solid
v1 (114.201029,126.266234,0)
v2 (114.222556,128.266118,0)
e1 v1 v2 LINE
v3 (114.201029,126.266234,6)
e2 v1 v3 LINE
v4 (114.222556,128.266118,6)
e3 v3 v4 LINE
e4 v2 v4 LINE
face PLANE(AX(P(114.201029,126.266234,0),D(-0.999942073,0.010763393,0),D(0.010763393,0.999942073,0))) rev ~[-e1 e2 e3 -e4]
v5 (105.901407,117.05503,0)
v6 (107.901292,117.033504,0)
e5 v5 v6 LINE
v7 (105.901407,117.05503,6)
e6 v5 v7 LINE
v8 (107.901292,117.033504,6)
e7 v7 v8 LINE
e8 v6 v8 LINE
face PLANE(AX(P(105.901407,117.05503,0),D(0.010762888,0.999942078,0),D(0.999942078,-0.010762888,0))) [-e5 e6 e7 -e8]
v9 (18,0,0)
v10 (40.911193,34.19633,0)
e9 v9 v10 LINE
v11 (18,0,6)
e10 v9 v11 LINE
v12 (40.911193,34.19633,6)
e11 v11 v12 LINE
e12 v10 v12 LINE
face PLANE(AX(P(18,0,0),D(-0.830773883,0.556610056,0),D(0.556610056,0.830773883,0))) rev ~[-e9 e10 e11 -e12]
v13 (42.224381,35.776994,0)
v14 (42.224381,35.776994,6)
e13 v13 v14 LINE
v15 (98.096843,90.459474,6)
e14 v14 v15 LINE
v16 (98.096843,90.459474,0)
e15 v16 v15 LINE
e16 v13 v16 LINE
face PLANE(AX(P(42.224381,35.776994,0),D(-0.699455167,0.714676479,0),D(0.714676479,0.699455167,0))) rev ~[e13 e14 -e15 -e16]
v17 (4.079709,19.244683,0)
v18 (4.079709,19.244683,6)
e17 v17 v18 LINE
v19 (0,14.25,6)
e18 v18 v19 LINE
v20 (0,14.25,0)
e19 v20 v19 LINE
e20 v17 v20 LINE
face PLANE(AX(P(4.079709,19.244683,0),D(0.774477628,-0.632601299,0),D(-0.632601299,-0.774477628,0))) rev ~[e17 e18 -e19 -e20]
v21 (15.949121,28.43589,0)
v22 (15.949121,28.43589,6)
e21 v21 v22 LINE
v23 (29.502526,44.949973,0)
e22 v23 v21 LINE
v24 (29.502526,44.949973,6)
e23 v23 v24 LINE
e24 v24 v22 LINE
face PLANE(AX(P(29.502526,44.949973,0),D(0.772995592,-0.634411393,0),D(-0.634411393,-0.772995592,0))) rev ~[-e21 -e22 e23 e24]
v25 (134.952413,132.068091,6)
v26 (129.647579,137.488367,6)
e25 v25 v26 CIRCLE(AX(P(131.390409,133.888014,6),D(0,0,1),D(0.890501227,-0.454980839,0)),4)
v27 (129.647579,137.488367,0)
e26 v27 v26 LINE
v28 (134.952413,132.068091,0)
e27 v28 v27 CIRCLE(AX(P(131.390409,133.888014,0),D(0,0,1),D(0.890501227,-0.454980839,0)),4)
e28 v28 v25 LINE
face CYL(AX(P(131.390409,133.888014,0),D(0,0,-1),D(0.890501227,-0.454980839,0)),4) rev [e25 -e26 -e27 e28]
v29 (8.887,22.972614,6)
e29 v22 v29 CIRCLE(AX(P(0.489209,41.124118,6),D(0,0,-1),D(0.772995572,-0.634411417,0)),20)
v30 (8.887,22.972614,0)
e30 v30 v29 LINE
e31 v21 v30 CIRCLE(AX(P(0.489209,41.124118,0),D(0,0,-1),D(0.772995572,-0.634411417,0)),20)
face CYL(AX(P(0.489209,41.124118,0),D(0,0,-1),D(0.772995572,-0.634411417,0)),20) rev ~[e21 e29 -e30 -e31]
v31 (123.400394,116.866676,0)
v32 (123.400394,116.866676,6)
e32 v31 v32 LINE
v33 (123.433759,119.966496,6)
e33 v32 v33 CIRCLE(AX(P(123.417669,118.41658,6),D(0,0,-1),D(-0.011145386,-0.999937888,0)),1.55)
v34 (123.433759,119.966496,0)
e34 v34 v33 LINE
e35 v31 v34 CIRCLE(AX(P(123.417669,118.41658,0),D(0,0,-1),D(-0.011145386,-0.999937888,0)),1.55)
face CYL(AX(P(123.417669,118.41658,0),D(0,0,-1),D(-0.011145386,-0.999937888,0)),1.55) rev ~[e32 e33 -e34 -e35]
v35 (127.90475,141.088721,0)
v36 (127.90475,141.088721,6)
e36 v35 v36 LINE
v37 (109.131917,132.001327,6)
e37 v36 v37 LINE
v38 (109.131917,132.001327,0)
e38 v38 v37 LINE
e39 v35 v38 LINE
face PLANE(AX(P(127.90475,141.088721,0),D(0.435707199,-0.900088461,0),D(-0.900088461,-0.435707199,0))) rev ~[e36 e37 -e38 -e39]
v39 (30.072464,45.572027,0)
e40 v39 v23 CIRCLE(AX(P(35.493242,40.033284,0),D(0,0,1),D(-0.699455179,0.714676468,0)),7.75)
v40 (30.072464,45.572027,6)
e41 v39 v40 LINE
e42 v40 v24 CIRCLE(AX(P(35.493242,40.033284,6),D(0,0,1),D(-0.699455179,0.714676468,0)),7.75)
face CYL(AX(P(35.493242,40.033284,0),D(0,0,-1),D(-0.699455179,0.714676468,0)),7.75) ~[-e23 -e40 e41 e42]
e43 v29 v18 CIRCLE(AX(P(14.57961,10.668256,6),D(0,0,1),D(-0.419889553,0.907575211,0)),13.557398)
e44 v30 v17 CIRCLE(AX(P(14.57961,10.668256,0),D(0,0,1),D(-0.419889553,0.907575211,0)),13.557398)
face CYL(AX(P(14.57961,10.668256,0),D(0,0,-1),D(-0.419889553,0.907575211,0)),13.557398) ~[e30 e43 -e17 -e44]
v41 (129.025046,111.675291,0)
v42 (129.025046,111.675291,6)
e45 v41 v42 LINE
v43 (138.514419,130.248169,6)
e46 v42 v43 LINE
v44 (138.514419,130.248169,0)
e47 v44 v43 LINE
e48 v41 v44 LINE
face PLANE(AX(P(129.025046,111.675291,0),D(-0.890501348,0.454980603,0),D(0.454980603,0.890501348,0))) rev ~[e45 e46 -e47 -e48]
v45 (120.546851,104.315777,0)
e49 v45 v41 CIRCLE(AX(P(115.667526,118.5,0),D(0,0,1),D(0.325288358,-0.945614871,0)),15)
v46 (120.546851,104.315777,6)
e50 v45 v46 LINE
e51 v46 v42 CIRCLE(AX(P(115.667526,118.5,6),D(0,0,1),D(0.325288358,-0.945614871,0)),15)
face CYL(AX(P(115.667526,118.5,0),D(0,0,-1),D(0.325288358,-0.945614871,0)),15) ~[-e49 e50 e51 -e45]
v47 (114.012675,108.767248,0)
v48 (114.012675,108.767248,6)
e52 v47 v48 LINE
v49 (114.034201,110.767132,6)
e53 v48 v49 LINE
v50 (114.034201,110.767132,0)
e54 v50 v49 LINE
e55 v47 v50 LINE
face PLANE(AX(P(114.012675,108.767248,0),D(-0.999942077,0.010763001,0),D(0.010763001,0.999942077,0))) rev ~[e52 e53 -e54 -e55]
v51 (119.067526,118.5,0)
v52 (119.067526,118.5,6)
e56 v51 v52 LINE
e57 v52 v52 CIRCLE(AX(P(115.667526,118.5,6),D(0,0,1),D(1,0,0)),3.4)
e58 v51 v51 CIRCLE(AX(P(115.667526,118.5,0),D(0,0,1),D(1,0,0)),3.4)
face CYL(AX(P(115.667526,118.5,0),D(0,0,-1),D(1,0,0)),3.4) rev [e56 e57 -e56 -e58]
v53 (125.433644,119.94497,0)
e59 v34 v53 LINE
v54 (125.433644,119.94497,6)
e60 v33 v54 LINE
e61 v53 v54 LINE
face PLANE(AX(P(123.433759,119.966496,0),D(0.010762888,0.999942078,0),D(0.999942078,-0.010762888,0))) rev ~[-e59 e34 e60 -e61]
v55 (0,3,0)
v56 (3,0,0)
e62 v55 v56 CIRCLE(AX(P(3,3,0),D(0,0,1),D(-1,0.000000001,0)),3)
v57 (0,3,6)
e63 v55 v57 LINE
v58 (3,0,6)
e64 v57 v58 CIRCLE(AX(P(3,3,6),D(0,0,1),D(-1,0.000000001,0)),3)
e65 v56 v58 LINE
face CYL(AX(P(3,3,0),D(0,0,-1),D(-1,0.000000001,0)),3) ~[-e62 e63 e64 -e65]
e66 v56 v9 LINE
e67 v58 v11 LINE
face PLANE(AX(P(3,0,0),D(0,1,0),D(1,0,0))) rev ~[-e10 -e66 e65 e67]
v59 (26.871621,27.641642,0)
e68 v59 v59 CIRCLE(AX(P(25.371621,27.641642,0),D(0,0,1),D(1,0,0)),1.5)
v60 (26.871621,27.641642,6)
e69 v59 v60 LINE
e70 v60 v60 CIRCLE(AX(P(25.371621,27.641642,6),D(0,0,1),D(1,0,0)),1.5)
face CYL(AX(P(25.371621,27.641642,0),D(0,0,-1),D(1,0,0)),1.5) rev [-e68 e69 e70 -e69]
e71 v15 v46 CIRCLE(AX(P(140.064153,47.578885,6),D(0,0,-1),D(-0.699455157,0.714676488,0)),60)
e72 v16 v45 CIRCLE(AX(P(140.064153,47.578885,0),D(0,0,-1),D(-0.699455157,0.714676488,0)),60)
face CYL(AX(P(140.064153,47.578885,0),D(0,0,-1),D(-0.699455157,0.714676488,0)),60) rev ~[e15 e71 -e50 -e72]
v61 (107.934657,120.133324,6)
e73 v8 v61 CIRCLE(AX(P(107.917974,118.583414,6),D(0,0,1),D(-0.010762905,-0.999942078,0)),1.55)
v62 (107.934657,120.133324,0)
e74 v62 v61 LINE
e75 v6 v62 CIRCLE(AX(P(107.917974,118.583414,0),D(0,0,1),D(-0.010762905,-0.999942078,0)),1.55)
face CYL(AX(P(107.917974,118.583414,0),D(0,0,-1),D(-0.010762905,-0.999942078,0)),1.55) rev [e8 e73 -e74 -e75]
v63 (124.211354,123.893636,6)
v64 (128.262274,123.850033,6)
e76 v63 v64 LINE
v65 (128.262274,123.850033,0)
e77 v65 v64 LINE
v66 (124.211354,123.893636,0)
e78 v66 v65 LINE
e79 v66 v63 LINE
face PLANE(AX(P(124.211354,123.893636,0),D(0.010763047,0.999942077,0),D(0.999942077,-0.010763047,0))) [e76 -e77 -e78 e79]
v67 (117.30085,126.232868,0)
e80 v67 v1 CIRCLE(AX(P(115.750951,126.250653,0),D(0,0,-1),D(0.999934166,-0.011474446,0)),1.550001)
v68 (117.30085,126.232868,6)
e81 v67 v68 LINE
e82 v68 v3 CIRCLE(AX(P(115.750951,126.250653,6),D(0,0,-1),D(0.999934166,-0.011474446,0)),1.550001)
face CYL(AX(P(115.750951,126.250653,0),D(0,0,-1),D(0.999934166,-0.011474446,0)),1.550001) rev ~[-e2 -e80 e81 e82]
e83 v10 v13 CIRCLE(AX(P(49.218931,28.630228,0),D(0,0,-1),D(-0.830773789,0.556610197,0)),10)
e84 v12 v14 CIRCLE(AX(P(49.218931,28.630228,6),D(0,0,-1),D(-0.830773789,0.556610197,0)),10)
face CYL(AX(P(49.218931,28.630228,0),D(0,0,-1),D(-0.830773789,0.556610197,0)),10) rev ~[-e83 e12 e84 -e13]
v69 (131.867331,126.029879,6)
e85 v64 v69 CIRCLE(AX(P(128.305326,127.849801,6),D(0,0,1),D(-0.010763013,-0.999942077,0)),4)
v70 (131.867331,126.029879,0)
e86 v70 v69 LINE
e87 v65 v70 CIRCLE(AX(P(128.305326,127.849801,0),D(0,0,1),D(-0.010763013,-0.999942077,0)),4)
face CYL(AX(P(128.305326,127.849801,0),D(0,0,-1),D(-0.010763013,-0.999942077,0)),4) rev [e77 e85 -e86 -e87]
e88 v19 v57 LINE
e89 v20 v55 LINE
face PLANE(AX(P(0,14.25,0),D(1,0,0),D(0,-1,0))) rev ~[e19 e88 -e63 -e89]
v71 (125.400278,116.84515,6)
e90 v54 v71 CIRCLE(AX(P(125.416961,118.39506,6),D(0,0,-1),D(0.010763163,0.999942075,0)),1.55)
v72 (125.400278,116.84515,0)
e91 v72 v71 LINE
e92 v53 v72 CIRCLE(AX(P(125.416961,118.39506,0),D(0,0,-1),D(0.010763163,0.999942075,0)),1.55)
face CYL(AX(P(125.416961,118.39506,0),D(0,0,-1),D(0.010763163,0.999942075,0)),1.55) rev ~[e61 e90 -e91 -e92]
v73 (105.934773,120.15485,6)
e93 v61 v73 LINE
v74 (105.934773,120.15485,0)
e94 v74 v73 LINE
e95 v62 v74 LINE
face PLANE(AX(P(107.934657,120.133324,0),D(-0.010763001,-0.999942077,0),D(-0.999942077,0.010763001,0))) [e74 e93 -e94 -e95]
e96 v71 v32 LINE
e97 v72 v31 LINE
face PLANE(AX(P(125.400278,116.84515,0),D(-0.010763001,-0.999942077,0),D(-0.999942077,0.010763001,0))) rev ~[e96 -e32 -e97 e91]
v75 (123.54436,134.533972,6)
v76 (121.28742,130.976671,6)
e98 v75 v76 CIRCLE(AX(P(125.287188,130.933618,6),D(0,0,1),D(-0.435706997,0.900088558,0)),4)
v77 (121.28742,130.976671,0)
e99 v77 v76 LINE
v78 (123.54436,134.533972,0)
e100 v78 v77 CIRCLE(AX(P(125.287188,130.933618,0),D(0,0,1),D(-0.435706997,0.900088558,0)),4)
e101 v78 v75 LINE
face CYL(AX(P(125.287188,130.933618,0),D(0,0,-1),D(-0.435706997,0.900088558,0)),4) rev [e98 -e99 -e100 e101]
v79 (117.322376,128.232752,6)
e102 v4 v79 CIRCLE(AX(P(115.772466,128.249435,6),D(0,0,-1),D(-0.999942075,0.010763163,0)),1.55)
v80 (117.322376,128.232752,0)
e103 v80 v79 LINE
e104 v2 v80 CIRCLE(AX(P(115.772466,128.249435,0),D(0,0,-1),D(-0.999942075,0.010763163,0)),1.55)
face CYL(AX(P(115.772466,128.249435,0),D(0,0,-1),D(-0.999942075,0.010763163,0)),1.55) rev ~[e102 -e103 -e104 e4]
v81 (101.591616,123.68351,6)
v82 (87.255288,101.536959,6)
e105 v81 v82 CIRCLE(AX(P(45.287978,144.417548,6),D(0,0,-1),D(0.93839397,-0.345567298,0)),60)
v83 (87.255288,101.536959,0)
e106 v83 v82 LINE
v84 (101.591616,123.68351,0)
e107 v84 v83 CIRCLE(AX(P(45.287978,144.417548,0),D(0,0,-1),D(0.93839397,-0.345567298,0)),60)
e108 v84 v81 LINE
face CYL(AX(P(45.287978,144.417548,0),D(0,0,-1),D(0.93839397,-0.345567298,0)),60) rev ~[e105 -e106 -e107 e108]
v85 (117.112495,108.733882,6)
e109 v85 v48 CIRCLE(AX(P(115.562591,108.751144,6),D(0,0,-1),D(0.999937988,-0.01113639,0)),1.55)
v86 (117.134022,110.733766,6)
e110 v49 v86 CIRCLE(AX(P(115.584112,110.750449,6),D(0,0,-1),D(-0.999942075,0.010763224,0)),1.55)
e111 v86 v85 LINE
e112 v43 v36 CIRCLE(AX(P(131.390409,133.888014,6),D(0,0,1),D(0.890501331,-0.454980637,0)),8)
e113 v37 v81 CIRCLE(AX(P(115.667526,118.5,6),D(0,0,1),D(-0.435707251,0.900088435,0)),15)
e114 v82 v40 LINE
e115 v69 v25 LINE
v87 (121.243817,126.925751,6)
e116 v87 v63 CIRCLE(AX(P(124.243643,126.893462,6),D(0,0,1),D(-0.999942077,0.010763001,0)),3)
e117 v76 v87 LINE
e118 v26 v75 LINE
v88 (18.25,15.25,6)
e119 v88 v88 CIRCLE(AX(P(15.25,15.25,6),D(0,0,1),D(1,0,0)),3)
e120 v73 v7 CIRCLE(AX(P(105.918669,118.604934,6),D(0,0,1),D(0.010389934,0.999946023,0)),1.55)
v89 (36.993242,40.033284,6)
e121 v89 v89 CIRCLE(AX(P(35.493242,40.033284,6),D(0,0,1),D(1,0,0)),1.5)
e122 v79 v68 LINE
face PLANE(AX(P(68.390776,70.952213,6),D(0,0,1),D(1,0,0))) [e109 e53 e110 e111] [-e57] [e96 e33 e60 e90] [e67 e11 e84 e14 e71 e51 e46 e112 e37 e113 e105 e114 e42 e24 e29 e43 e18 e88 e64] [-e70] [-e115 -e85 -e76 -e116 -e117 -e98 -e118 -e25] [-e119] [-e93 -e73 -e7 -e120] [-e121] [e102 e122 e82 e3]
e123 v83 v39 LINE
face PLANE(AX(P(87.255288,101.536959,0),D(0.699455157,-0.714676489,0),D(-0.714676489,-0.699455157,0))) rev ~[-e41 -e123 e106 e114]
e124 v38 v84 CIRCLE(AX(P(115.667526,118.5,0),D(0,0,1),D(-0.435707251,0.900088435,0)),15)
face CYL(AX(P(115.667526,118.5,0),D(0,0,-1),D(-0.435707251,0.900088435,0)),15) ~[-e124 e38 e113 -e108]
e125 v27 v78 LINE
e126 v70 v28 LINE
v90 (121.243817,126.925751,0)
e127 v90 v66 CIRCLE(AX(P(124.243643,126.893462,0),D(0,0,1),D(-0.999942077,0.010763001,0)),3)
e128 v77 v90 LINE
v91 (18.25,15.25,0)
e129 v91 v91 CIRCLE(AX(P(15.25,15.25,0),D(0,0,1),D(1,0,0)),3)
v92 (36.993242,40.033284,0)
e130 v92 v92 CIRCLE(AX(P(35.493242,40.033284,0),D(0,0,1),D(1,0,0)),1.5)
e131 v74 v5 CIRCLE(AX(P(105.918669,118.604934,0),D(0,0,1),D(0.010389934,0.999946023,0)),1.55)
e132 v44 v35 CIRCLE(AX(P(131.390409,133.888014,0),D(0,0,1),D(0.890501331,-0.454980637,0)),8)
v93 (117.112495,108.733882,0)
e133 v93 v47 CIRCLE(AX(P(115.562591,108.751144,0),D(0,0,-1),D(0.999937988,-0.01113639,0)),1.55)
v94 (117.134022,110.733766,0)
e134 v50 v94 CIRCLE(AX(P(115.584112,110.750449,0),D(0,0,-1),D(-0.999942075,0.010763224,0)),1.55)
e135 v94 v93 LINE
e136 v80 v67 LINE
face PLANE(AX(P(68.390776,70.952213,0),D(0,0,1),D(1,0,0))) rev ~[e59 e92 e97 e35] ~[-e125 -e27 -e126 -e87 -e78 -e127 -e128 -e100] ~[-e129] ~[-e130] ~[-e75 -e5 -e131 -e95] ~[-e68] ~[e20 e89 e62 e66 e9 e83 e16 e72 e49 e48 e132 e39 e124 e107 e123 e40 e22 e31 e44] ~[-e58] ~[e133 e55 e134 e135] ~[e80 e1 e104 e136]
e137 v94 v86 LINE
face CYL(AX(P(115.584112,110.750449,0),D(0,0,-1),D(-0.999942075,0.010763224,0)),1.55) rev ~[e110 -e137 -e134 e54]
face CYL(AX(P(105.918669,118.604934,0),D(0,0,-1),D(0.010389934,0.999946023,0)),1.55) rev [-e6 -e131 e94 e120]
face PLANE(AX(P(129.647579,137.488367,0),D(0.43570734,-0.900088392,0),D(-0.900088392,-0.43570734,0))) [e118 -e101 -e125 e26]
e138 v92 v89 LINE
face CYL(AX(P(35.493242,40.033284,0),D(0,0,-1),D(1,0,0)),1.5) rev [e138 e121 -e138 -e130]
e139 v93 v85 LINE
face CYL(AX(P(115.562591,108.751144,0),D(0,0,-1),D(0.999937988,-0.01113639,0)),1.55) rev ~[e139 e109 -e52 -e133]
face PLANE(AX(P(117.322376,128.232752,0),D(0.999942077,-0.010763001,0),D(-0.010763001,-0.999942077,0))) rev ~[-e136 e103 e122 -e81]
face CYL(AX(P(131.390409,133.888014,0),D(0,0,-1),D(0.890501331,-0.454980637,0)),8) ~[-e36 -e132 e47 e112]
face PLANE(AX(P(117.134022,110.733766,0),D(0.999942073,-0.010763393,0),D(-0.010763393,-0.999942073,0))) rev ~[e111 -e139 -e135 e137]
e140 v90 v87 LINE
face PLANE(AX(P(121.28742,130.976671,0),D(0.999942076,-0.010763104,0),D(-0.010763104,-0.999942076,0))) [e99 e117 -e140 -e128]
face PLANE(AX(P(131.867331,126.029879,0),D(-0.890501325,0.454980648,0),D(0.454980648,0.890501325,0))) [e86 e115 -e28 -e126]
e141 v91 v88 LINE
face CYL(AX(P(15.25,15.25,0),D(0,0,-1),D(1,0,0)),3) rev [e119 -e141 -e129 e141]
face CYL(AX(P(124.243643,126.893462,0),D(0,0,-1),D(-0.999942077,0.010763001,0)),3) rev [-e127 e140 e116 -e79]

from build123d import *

# Parameters (mm, degrees)
CROQUIS1_R              = 1.5
CROQUIS1_R_2            = 3
CROQUIS1_R_3            = 3.4
SALIENTE_EXTRUIR1_DEPTH = 6


with BuildPart() as part:
    # Croquis1 → Saliente-Extruir1 (new body)
    with BuildSketch(Plane.XY):
        with BuildLine():
            Line((8.1e-08, 14.249999874), (8.1e-08, 2.999999874))
            ThreePointArc((8.1e-08, 2.999999874), (0.878679737, 0.87867953), (3.000000081, -1.26e-07))
            Line((3.000000081, -1.26e-07), (18.000000081, -1.26e-07))
            Line((18.000000081, -1.26e-07), (40.911193324, 34.196329551))
            ThreePointArc((40.911193324, 34.196329551), (41.527076457, 35.020483475), (42.224381081, 35.776993874))
            Line((42.224381081, 35.776993874), (98.096843081, 90.459473874))
            ThreePointArc((98.096843081, 90.459473874), (108.550843923, 98.63680641), (120.546851363, 104.315776961))
            ThreePointArc((120.546851363, 104.315776961), (125.500442362, 107.172433842), (129.025046114, 111.675290792))
            Line((129.025046114, 111.675290792), (138.514418989, 130.248169023))
            ThreePointArc((138.514418989, 130.248169023), (137.107819922, 139.483655494), (127.90475, 141.088721))
            Line((127.90475, 141.088721), (109.131917, 132.001327))
            ThreePointArc((109.131917, 132.001327), (104.554236665, 128.574463552), (101.591616002, 123.683509744))
            ThreePointArc((101.591616002, 123.683509744), (95.655747756, 111.812521161), (87.255287964, 101.536959032))
            Line((87.255287964, 101.536959032), (30.072463964, 45.572027032))
            ThreePointArc((30.072463964, 45.572027032), (29.779023988, 45.268761189), (29.502525894, 44.949972866))
            Line((29.502525894, 44.949972866), (15.949120522, 28.43588954))
            ThreePointArc((15.949120522, 28.43588954), (12.726828906, 25.305121034), (8.887000234, 22.972613701))
            ThreePointArc((8.887000234, 22.972613701), (6.271558617, 21.381766549), (4.079708958, 19.244683353))
            Line((4.079708958, 19.244683353), (8.1e-08, 14.249999874))
        make_face()
        with Locations((25.371621, 27.641642)):
            Circle(CROQUIS1_R, mode=Mode.SUBTRACT)
        with Locations((35.493241781, 40.03328422)):
            Circle(CROQUIS1_R, mode=Mode.SUBTRACT)
        with Locations((15.25, 15.25)):
            Circle(CROQUIS1_R_2, mode=Mode.SUBTRACT)
        with Locations((115.667525989, 118.500000023)):
            Circle(CROQUIS1_R_3, mode=Mode.SUBTRACT)
        with BuildLine():
            Line((105.901407198, 117.055029782), (107.901292, 117.033504))
            ThreePointArc((107.901292, 117.033504), (109.4678845, 118.5667315), (107.934657, 120.133324))
            Line((107.934657, 120.133324), (105.934773, 120.15485))
            ThreePointArc((105.934773, 120.15485), (104.368758386, 118.621616566), (105.901407198, 117.055029782))
        make_face(mode=Mode.SUBTRACT)
        with BuildLine():
            Line((114.012675, 108.767248), (114.034201, 110.767132))
            ThreePointArc((114.034201, 110.767132), (115.6007945, 112.3003595), (117.134022, 110.733766))
            Line((117.134022, 110.733766), (117.112495218, 108.733882198))
            ThreePointArc((117.112495218, 108.733882198), (115.545908434, 107.201233386), (114.012675, 108.767248))
        make_face(mode=Mode.SUBTRACT)
        with BuildLine():
            Line((124.211353692, 123.893635573), (128.262273986, 123.850032801))
            ThreePointArc((128.262273986, 123.850032801), (130.375033742, 124.426891571), (131.867331288, 126.029878739))
            Line((131.867331288, 126.029878739), (134.952413288, 132.068090739))
            ThreePointArc((134.952413288, 132.068090739), (134.24911451, 136.685834372), (129.647579323, 137.48836746))
            Line((129.647579323, 137.48836746), (123.544360208, 134.533971661))
            ThreePointArc((123.544360208, 134.533971661), (121.909622476, 133.076524245), (121.287419986, 130.976670801))
            Line((121.287419986, 130.976670801), (121.243816986, 126.925750801))
            ThreePointArc((121.243816986, 126.925750801), (122.099613791, 124.795096288), (124.211353692, 123.893635573))
        make_face(mode=Mode.SUBTRACT)
        with BuildLine():
            Line((125.400278, 116.84515), (123.400394, 116.866676))
            ThreePointArc((123.400394, 116.866676), (121.867759233, 118.43326212), (123.433759, 119.966496))
            Line((123.433759, 119.966496), (125.433643802, 119.944970218))
            ThreePointArc((125.433643802, 119.944970218), (126.96687101, 118.378377208), (125.400278, 116.84515))
        make_face(mode=Mode.SUBTRACT)
        with BuildLine():
            Line((117.322376, 128.232752), (117.30085, 126.232868))
            ThreePointArc((117.30085, 126.232868), (115.734268362, 124.700742507), (114.201029, 126.266234))
            Line((114.201029, 126.266234), (114.222555782, 128.266117802))
            ThreePointArc((114.222555782, 128.266117802), (115.789148792, 129.79934501), (117.322376, 128.232752))
        make_face(mode=Mode.SUBTRACT)
    extrude(amount=SALIENTE_EXTRUIR1_DEPTH)


solid = part.part
